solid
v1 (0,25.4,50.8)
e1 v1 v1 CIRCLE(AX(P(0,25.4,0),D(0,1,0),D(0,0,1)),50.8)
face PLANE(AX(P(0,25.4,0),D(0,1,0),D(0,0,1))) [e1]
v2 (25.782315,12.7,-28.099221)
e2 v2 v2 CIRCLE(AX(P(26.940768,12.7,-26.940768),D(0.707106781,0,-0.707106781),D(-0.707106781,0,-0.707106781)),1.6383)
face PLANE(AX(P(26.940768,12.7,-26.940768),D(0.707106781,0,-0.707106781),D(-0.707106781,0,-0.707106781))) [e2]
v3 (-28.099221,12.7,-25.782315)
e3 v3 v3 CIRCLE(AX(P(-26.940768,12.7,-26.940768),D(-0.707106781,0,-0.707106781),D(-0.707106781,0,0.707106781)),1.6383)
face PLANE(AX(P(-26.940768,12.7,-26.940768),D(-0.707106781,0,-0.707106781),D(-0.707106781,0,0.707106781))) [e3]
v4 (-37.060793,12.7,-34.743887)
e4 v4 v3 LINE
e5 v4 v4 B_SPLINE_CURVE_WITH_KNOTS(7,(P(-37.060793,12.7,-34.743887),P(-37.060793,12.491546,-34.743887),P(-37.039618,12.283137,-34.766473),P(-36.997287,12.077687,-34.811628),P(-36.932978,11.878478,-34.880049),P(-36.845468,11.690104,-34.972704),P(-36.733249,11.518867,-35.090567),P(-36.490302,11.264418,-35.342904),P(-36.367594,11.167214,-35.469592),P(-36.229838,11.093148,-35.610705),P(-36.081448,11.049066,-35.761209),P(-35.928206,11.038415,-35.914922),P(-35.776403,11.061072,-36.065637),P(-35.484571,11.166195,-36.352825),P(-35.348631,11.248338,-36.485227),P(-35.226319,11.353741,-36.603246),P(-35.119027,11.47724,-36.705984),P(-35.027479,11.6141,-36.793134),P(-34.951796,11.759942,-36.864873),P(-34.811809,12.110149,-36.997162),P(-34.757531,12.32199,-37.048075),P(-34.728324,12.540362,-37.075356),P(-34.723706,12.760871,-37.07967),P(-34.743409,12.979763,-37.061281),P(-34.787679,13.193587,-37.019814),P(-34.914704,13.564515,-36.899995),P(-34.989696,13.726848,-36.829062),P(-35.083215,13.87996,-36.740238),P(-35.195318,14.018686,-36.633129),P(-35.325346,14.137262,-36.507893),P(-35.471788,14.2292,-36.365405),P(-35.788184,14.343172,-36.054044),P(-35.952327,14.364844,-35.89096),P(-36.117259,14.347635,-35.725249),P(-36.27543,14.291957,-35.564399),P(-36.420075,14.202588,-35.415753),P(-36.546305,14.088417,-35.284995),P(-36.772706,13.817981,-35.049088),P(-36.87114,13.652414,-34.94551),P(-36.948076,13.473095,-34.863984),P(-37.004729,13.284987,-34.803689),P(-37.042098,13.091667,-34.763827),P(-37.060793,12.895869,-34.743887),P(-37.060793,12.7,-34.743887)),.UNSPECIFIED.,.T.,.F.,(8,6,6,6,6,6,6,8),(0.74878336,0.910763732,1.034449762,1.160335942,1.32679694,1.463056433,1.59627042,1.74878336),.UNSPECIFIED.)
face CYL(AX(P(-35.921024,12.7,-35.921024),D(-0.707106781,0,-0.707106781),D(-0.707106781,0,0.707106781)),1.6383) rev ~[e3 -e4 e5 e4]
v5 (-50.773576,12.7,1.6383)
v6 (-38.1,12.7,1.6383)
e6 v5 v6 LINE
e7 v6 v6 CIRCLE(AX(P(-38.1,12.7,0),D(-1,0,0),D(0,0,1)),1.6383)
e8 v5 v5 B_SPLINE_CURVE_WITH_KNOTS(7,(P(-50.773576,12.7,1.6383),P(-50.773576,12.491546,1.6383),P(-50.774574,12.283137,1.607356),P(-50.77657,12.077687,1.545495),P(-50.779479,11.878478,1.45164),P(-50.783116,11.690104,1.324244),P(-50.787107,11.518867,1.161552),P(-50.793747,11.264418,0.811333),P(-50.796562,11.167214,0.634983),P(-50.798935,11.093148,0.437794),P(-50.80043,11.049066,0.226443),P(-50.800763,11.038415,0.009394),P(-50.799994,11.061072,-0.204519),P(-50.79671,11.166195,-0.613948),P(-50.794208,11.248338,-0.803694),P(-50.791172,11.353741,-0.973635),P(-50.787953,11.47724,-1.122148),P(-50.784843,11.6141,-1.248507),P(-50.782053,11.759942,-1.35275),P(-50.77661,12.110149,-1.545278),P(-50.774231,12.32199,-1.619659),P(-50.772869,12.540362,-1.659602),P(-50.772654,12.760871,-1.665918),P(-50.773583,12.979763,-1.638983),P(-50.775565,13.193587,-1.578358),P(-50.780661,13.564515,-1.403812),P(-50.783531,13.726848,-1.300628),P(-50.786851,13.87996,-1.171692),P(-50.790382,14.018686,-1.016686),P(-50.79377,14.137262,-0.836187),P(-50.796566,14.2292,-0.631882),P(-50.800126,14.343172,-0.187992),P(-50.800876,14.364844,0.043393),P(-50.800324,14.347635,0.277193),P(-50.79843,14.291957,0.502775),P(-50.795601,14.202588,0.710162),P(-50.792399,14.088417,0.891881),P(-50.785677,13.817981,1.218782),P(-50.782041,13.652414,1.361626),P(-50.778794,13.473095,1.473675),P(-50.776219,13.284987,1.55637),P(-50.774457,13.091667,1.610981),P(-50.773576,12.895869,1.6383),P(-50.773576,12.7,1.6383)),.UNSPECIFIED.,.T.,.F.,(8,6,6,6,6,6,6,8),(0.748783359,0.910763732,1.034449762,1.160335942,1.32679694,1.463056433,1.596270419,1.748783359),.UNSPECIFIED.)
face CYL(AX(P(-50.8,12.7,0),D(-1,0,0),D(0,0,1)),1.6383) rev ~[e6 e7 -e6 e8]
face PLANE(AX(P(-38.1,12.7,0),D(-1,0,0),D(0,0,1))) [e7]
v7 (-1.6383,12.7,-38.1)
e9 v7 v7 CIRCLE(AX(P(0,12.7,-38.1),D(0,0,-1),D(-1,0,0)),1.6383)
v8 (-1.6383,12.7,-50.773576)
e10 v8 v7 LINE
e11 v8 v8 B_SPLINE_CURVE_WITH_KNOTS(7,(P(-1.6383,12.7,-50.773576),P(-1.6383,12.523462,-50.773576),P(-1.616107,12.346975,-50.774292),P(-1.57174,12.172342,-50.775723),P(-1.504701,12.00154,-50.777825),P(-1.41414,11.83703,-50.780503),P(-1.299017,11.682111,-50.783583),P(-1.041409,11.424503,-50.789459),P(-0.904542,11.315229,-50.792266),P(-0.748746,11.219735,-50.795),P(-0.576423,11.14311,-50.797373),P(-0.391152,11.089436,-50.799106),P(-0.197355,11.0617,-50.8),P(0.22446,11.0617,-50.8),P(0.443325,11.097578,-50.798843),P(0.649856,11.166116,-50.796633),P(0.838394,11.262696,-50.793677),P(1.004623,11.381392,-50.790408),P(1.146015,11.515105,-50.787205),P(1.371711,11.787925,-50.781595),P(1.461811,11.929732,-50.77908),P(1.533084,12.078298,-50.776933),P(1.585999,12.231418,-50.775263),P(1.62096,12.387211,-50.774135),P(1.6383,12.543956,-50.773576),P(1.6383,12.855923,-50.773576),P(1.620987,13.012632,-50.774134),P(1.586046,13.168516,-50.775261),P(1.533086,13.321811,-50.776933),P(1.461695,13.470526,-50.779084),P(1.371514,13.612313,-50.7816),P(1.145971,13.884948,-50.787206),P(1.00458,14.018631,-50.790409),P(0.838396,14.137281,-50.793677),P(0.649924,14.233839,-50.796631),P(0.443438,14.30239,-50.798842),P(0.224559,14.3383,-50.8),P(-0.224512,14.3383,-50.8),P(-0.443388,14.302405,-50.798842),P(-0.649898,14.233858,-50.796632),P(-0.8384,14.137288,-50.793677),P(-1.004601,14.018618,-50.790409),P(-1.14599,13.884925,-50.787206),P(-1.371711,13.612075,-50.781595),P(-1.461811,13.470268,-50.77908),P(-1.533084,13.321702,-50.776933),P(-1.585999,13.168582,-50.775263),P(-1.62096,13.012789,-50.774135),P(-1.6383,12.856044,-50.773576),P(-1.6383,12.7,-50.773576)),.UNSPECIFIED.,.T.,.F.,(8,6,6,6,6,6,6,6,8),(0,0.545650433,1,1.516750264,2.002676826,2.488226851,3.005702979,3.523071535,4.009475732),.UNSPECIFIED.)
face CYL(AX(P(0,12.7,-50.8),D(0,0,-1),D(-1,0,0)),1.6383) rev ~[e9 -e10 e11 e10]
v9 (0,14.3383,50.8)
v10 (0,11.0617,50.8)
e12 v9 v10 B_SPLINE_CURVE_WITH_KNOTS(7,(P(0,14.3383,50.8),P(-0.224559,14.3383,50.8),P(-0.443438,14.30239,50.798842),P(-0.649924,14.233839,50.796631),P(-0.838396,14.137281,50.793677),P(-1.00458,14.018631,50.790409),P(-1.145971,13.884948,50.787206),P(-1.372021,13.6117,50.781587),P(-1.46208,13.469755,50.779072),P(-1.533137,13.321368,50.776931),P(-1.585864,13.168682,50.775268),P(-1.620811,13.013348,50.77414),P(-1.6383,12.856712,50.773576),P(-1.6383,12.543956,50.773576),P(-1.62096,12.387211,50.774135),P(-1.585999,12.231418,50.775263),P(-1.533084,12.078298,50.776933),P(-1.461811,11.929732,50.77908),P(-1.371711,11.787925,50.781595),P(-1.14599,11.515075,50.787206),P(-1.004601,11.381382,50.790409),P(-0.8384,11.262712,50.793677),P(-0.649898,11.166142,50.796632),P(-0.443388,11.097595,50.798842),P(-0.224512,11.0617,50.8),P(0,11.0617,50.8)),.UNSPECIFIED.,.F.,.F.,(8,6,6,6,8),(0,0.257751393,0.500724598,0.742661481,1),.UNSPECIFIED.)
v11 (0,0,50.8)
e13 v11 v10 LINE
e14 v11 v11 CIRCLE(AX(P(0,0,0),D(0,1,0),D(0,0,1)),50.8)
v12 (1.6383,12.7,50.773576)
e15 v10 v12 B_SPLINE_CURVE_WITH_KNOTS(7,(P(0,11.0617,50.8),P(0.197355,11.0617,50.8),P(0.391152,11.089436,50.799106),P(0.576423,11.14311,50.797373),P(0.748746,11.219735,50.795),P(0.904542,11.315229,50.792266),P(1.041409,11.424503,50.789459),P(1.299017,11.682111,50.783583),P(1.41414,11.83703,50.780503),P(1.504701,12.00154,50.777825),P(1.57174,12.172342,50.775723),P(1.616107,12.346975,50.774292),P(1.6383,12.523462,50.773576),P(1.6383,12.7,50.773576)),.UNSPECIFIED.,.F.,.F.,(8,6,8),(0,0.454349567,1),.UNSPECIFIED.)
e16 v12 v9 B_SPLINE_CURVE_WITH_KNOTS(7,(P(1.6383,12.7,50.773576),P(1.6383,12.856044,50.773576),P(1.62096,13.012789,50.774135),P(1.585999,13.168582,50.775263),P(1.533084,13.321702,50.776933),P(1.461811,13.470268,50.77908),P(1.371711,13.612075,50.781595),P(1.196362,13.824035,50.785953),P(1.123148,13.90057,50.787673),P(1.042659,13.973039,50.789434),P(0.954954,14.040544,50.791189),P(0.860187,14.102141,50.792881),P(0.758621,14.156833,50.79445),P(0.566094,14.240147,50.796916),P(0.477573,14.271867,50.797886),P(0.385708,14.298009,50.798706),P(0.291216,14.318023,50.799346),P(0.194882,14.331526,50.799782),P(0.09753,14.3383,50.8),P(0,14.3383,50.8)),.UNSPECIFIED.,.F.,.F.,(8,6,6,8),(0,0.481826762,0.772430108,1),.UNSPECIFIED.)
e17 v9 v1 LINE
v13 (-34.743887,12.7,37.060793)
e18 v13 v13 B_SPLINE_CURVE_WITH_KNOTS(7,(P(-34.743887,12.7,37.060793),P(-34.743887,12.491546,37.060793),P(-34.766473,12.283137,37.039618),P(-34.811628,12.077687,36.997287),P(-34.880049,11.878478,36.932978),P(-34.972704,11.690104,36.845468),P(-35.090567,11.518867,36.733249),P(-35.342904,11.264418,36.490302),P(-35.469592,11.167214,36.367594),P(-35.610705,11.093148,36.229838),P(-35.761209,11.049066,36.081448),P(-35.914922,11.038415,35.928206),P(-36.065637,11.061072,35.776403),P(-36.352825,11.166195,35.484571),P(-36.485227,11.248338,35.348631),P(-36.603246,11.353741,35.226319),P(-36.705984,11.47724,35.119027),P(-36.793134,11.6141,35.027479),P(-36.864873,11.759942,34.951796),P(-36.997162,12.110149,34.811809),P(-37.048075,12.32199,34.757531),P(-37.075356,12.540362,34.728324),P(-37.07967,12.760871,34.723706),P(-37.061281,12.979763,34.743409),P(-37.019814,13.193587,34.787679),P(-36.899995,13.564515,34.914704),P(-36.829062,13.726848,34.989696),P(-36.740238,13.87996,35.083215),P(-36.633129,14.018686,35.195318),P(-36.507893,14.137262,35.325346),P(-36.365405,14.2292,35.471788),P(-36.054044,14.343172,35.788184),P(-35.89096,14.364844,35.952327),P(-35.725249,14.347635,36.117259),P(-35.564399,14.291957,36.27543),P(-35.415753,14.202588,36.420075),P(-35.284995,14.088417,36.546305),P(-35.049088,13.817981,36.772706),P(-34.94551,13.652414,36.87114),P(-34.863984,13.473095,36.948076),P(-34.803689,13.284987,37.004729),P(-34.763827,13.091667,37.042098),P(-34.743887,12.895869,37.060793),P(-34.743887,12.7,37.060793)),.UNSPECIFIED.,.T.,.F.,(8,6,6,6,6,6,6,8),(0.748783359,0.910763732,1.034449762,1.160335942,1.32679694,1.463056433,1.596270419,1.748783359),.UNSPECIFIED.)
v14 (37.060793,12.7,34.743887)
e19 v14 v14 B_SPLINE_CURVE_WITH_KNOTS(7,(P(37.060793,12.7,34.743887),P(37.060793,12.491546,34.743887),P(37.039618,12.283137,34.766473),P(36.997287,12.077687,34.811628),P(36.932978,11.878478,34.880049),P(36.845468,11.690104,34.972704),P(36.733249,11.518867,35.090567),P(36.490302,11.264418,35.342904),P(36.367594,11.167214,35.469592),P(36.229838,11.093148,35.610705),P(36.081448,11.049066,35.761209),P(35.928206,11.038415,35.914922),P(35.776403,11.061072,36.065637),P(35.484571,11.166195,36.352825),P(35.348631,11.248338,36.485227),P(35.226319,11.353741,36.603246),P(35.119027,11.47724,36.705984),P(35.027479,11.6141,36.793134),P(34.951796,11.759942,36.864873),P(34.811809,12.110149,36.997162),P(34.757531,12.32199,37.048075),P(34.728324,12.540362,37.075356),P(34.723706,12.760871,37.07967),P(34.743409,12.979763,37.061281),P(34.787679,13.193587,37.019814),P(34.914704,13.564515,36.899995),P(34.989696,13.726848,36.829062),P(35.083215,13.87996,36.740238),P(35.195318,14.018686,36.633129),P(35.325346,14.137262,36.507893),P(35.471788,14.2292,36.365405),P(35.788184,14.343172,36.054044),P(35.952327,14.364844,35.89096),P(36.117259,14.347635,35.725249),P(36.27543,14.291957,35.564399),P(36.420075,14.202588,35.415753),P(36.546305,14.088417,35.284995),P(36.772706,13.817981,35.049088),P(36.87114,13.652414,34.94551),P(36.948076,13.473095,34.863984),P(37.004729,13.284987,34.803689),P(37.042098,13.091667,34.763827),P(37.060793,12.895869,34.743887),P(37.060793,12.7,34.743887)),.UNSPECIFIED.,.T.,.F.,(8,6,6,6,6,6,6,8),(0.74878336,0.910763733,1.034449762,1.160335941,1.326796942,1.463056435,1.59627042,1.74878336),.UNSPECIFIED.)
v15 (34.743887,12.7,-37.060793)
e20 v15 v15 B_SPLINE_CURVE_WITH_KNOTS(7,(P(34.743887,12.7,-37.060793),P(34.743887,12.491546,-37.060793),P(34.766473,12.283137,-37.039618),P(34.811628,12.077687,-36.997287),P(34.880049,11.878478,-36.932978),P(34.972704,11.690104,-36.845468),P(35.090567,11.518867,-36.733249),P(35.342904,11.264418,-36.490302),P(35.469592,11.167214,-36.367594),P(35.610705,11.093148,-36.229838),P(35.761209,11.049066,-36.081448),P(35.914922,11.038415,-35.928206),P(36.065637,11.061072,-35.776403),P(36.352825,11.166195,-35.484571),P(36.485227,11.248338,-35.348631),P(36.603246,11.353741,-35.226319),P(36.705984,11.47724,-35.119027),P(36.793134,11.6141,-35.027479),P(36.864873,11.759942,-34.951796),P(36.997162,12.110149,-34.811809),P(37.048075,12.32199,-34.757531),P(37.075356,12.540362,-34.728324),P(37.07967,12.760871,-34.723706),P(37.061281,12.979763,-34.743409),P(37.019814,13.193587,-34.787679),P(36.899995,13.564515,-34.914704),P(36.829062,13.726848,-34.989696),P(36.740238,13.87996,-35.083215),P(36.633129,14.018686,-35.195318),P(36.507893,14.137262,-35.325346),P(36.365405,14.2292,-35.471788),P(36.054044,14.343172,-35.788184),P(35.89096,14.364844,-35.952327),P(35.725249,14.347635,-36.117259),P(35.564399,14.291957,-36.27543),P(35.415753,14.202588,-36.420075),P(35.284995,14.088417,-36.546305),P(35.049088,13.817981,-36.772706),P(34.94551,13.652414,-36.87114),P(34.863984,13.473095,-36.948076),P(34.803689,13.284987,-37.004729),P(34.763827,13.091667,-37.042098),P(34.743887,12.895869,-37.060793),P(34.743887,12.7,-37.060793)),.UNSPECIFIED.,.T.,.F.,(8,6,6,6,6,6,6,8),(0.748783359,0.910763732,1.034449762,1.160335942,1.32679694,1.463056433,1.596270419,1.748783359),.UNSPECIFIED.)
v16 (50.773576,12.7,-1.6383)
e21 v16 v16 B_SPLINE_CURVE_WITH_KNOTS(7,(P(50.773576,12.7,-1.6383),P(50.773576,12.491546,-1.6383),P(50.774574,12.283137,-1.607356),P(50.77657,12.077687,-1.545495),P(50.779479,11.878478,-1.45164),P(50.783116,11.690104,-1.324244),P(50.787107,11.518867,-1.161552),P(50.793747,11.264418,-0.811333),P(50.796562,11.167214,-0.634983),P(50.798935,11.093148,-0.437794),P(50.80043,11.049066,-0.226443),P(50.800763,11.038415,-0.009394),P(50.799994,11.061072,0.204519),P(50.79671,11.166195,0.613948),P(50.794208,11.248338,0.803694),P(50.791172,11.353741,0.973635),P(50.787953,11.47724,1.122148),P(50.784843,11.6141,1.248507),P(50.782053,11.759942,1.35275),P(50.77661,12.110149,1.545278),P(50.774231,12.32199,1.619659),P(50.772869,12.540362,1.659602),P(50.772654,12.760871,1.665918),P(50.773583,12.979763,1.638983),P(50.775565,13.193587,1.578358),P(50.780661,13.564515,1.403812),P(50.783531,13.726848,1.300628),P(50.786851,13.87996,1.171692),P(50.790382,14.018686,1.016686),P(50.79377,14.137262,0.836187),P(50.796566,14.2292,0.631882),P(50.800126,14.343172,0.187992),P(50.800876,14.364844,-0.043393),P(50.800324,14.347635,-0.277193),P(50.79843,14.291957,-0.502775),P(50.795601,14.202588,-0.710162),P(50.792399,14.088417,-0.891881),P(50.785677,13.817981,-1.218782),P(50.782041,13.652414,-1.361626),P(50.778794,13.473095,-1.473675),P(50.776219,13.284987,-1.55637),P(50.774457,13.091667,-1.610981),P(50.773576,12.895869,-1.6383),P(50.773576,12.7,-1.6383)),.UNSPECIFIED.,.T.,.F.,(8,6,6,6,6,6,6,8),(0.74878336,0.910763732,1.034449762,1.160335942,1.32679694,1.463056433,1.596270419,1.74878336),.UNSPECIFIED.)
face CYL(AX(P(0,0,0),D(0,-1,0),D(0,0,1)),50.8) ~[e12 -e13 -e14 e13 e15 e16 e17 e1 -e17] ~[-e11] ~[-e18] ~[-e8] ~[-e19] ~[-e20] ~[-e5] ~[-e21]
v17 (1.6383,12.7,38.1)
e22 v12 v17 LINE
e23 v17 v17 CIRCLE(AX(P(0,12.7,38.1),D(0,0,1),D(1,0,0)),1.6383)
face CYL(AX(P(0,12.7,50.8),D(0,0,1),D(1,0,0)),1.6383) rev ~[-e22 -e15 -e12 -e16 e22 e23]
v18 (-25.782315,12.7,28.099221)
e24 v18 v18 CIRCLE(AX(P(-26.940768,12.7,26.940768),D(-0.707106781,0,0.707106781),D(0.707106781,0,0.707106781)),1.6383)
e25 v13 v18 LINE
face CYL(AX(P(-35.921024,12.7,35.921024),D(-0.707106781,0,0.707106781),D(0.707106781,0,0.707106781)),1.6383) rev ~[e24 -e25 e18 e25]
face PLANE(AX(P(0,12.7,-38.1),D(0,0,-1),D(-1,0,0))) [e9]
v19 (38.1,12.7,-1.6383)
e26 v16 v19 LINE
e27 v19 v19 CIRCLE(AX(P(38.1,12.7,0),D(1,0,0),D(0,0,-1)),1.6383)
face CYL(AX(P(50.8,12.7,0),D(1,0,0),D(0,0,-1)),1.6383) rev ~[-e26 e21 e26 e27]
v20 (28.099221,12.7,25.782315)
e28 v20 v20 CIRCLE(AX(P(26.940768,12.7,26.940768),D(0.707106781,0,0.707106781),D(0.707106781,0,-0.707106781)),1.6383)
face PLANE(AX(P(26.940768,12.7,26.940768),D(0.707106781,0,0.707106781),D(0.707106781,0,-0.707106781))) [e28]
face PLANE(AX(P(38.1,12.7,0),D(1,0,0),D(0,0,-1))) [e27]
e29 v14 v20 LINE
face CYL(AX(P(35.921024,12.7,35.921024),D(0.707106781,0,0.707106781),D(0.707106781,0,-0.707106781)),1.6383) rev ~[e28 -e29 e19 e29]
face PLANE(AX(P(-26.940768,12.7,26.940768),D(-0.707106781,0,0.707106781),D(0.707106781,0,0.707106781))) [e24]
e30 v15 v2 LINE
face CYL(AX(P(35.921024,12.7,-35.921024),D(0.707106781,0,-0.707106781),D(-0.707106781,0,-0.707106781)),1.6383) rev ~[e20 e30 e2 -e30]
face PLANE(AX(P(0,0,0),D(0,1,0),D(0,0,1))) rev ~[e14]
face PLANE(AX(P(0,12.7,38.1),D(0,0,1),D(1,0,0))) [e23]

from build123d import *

# Parameters (mm, degrees)
SKETCH1_R                = 50.8
BULKHEAD_EXTRUSION_DEPTH = 25.4
SKETCH2_R                = 1.6383
SCREW_HOLE_DEPTH         = 12.7
CIRPATTERN1_COUNT        = 8


with BuildPart() as part:
    # Sketch1 → Bulkhead Extrusion (new body)
    with BuildSketch(Plane(origin=(0, 0, 0), x_dir=(1, 0, 0), z_dir=(0, 1, 0))):
        with Locations(Location((0, 0, 0), (0, 0, 270))):
            Circle(SKETCH1_R)
    extrude(amount=BULKHEAD_EXTRUSION_DEPTH)

    # Sketch2 → Screw Hole (cut)
    with BuildSketch(Plane.XY.offset(50.8)):
        with Locations((0, 12.7)):
            Circle(SKETCH2_R)
    screw_hole = extrude(amount=-SCREW_HOLE_DEPTH, mode=Mode.SUBTRACT)

    # CirPattern1: Screw Hole ×8 about axis
    cirpattern1_axis = Axis((0, 0, 0), (0, 1, 0))
    for i in range(1, CIRPATTERN1_COUNT):
        add(screw_hole.rotate(cirpattern1_axis, i * 360 / CIRPATTERN1_COUNT), mode=Mode.SUBTRACT)


solid = part.part
